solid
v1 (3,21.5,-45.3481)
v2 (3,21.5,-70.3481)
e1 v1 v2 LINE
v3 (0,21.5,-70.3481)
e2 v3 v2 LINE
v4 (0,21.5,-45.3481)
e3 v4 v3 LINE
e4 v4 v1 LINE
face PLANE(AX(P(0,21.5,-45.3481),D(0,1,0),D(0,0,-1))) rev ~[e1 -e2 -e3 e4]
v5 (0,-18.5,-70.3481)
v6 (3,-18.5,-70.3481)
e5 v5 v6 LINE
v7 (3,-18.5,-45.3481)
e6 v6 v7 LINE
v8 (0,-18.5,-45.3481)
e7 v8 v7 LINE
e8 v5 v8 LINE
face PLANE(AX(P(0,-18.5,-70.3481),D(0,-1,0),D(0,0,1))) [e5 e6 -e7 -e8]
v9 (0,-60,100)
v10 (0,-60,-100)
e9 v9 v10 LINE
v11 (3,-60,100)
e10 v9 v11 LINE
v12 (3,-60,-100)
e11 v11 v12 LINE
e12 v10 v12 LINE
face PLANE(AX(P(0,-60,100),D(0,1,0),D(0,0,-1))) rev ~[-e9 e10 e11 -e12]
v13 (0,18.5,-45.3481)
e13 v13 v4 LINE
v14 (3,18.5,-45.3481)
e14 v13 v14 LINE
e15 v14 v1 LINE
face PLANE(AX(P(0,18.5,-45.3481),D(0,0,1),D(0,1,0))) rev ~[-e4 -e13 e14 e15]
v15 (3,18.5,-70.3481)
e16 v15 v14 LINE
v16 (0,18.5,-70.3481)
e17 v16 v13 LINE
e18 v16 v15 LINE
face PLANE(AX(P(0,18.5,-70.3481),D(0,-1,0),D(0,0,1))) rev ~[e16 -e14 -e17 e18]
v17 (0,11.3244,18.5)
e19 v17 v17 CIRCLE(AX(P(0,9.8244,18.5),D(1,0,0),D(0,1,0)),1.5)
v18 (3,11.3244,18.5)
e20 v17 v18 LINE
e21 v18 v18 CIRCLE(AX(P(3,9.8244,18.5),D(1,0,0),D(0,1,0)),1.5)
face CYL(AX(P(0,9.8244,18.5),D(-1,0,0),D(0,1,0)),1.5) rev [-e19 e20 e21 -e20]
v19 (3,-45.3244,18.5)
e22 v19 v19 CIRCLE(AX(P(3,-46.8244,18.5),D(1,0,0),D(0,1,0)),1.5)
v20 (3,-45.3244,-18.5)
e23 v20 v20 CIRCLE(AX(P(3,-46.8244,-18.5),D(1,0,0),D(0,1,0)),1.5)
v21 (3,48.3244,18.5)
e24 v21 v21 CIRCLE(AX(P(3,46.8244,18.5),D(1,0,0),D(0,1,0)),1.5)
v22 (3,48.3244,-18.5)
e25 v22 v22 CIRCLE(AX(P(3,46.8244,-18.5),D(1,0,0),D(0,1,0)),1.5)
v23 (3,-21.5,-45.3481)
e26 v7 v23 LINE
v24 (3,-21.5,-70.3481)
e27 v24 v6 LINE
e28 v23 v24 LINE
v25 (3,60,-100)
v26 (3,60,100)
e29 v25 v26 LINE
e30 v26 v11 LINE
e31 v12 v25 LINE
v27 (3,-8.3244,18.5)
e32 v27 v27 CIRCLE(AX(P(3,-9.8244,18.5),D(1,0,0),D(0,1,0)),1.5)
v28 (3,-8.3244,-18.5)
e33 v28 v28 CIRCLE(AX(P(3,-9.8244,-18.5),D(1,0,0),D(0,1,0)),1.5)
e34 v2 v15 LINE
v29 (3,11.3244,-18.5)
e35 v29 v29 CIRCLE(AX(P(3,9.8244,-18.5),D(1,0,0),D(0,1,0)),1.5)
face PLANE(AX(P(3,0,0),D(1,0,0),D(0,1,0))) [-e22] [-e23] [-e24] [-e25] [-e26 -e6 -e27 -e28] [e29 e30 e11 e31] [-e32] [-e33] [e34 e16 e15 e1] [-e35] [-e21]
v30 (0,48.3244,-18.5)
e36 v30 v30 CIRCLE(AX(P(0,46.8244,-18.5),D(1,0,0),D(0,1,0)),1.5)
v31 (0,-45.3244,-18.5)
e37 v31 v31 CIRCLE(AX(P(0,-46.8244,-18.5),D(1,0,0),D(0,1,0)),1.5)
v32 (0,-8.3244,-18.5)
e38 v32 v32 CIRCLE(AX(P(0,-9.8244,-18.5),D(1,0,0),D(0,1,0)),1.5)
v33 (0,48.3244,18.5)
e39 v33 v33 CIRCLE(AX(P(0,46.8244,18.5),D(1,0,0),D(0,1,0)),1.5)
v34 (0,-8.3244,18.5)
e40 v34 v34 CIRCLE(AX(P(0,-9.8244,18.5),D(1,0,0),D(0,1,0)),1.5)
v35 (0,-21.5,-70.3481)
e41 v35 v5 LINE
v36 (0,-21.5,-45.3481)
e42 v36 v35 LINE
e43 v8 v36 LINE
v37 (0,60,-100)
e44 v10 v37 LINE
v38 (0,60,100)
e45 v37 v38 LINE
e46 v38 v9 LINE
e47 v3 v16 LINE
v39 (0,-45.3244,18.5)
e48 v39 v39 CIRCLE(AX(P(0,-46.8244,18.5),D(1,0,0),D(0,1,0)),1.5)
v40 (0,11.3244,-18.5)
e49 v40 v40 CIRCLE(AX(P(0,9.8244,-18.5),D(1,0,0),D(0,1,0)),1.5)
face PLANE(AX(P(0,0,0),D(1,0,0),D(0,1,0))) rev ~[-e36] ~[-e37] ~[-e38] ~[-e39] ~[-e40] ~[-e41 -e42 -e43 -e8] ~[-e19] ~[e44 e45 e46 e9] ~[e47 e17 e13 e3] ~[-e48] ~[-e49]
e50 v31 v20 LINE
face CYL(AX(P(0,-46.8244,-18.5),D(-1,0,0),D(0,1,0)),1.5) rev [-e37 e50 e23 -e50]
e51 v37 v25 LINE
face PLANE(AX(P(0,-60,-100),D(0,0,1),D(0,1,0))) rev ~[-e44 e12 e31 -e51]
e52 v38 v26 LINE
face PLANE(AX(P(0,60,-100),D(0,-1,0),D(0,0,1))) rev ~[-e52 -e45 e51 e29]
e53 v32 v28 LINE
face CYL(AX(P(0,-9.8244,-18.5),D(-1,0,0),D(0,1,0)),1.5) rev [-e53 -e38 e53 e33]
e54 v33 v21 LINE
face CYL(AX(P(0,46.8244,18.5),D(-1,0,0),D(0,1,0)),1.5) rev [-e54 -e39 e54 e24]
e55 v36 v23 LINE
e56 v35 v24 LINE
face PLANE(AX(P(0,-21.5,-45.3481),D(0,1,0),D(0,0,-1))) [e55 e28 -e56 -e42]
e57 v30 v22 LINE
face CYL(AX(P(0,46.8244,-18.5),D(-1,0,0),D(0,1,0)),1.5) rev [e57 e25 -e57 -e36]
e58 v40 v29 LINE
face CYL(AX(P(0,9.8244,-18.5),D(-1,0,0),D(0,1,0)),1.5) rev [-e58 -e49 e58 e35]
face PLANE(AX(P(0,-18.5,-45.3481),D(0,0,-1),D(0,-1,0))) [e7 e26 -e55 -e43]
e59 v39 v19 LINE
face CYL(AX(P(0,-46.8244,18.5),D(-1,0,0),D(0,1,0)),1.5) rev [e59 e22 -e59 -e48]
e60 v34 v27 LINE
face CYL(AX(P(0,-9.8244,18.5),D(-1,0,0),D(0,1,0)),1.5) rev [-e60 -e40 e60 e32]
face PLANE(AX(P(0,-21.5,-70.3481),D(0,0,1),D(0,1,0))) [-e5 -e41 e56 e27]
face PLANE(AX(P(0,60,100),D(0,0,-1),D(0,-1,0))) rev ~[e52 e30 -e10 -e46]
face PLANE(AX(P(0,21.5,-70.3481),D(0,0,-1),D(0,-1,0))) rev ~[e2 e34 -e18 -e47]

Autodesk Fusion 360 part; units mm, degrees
sketch "Sketch1" plane through (0, 0, 0) normal (1, 0, 0) x (0, 1, 0) in component "Motor driver fitter"
  line L0 (-22.5, -22.5) -> (22.5, -22.5)
  line L1 (-47.5, -12.5) -> (-47.5, 12.5)
  line L2 (-22.5, -12.5) -> (-47.5, -12.5)
  circle A0 centre (-29, 6) radius 1.5
  circle A1 centre (-41, -6) radius 1.5
  line L3 (-47.5, 12.5) -> (-22.5, 12.5)
  line L4 (22.5, 22.5) -> (-22.5, 22.5)
  line L5 (22.5, -22.5) -> (22.5, 22.5)
  circle A2 centre (-18.5, 18.5) radius 1.5
  line L6 (-22.5, 22.5) -> (22.5, -22.5) construction
  line L7 (-22.5, -22.5) -> (22.5, 22.5) construction
  circle A3 centre (18.5, 18.5) radius 1.55
  circle A4 centre (-18.5, -18.5) radius 1.55
  circle A5 centre (18.5, -18.5) radius 1.55
  line L8 (-22.5, 22.5) -> (-22.5, 12.5)
  line L9 (-22.5, -12.5) -> (-22.5, -22.5)
  line L10 (-22.5, 12.5) -> (-47.5, -12.5) construction
  line L11 (-41, -6) -> (-47.5, -12.5) construction
  line L12 (-29, 6) -> (-22.5, 12.5) construction
  dimension "d171" = 45
  dimension "d172" = 45
  dimension "d174" = 3
  dimension "d185" = 3
  dimension "d186" = 3
  dimension "d188" = 25
  dimension "d189" = 25
  dimension "d192" = 18.5
  dimension "d193" = 18.5
  dimension "d225" = 16.9706
sketch "Sketch1 (2)" plane through (0, 0, 0) normal (1, 0, 0) x (0, 1, 0) in component "Chassis frame"
  line L0 (-125, 12.5) -> (-125, -12.5)
  circle A0 centre (-106.461, -5.961) radius 1.5
  line L1 (125, -12.5) -> (125, 12.5)
  line L2 (125, 12.5) -> (-125, 12.5)
  circle A1 centre (-118.4999, 5.9999) radius 1.5
  line L3 (-125, -12.5) -> (125, -12.5)
  line L4 (-125, 12.5) -> (125, -12.5) construction
  line L5 (-125, -12.5) -> (125, 12.5) construction
  line L6 (-22.5, 22.5) -> (22.5, -22.5)
  circle A2 centre (-6, 115) radius 1.55
  circle A3 centre (6, 103) radius 1.55
  line L7 (0, 12.5) -> (0, -12.5) construction
  line L8 (-125, 12.5) -> (-100, -12.5) construction
  line L9 (-125, 12.5) -> (-91.4846, 12.5) construction
  line L10 (-125, 12.5) -> (-118.4999, 5.9999) construction
  line L11 (-106.461, -5.961) -> (-100, -12.5) construction
  circle A4 centre (118.4999, 5.9999) radius 1.5
  circle A5 centre (106.461, -5.961) radius 1.5
  circle A6 centre (-49.7943, -5.961) radius 1.5
  circle A7 centre (-61.8332, 5.9999) radius 1.5
  circle A8 centre (6.8724, -5.961) radius 1.5
  circle A9 centre (-5.1666, 5.9999) radius 1.5
  circle A10 centre (63.539, -5.961) radius 1.5
  circle A11 centre (51.5001, 5.9999) radius 1.5
  point P0 (22, -6.0625)
  dimension "d199" = 250
  dimension "d200" = 25
  dimension "d201" = 3
  dimension "d202" = 3
  dimension "d231" = 45
  dimension "d232" = 16.9706
  dimension "d235" = 170
  dimension "d236" = 0
sketch "Sketch1 (3)" plane through (0, 0, 0) normal (1, 0, 0) x (0, 1, 0) in component "Motor fitter"
  line L0 (-12.5, -45) -> (-12.5, 45)
  line L1 (-12.5, 45) -> (12.5, 45)
  line L2 (12.5, 45) -> (12.5, -45)
  line L3 (12.5, -45) -> (-12.5, -45)
  line L4 (-12.5, -45) -> (12.5, 45) construction
  line L5 (-12.5, 45) -> (12.5, -45) construction
  line L6 (-12.5, 45) -> (12.5, 20) construction
  line L7 (-12.5, 45) -> (24.7988, 45) construction
  circle A0 centre (-6, 38.5) radius 1.5 construction
  circle A1 centre (6, 26.5) radius 1.5 construction
  line L8 (6, 26.5) -> (12.5, 20) construction
  line L9 (-6, 38.5) -> (-12.5, 45) construction
  dimension "d222" = 25
  dimension "d223" = 90
  dimension "d227" = 45
  dimension "d228" = 3
  dimension "d229" = 3
  dimension "d230" = 16.9706
sketch "Sketch1 (4)" plane through (0, 0, 0) normal (1, 0, 0) x (0, 1, 0) in component "Breadboard fitter"
  line L0 (-65, 12.5) -> (-40, 12.5)
  line L1 (-40, 12.5) -> (-40, -12.5)
  line L2 (-40, -12.5) -> (-65, -12.5)
  line L3 (-65, -12.5) -> (-65, 12.5)
  line L4 (40, 25) -> (-40, 25)
  line L5 (-40, 25) -> (-40, -25)
  line L6 (-40, -25) -> (40, -25)
  line L7 (40, -25) -> (40, 25)
  line L8 (40, 25) -> (-40, -25) construction
  line L9 (-40, 25) -> (40, -25) construction
  circle A0 centre (-57.0753, -4.5753) radius 1.5 construction
  circle A1 centre (-47.9247, 4.5753) radius 1.5 construction
  line L10 (-47.9247, 4.5753) -> (-40, 12.5) construction
  line L11 (-57.0753, -4.5753) -> (-65, -12.5) construction
  dimension "d237" = 25
  dimension "d238" = 25
  dimension "d239" = 80
  dimension "d240" = 50
  dimension "d241" = 3
  dimension "d242" = 3
  dimension "d244" = 12.9408
  dimension "d245" = 45
sketch "Sketch1 (5)" plane through (0, 0, 0) normal (1, 0, 0) x (0, 1, 0) in component "Integrated frame"
  circle A0 centre (-46.8244, 18.5) radius 1.5
  circle A1 centre (-9.8244, 18.5) radius 1.5
  circle A2 centre (-46.8244, -18.5) radius 1.5
  circle A3 centre (-9.8244, -18.5) radius 1.5
  line L0 (0, 0) -> (0, 35.4619) construction
  line L1 (60, 100) -> (-60, 100)
  line L2 (-60, 100) -> (-60, -100)
  line L3 (-60, -100) -> (60, -100)
  line L4 (60, -100) -> (60, 100)
  line L5 (60, 100) -> (-60, -100) construction
  line L6 (-60, 100) -> (60, -100) construction
  circle A4 centre (46.8244, 18.5) radius 1.5
  circle A5 centre (46.8244, -18.5) radius 1.5
  circle A6 centre (9.8244, -18.5) radius 1.5
  circle A7 centre (9.8244, 18.5) radius 1.5
  line L7 (-18.5, -45.3481) -> (-21.5, -45.3481)
  line L8 (-21.5, -45.3481) -> (-21.5, -70.3481)
  line L9 (-21.5, -70.3481) -> (-18.5, -70.3481)
  line L10 (-18.5, -70.3481) -> (-18.5, -45.3481)
  line L11 (21.5, -45.3481) -> (21.5, -70.3481)
  line L12 (18.5, -70.3481) -> (18.5, -45.3481)
  line L13 (18.5, -45.3481) -> (21.5, -45.3481)
  line L14 (21.5, -70.3481) -> (18.5, -70.3481)
  point P0 (-28.3244, 0)
  dimension "d246" = 3
  dimension "d248" = 18.5
  dimension "d249" = 18.5
  dimension "d252" = 37
  dimension "d253" = -37
  dimension "d261" = 120
  dimension "d262" = 200
  dimension "d264" = 3
  dimension "d265" = 25
  dimension "d266" = 18.5
extrude "Extrude1" add sketch "Sketch1 (5)" along normal blind 3 in component "Integrated frame"
sketch "Laser cut sketch" plane through (3, 0, 0) normal (1, 0, 0) x (0, 1, 0) in component "Integrated frame"
  circle A0 centre (-9.8244, -18.5) radius 1.5
  circle A1 centre (-46.8244, -18.5) radius 1.5
  circle A2 centre (-46.8244, 18.5) radius 1.5
  circle A3 centre (-9.8244, 18.5) radius 1.5
  circle A4 centre (46.8244, 18.5) radius 1.5
  circle A5 centre (46.8244, -18.5) radius 1.5
  circle A6 centre (9.8244, -18.5) radius 1.5
  circle A7 centre (9.8244, 18.5) radius 1.5
  line L0 (-18.5, -45.3481) -> (-18.5, -70.3481)
  line L1 (-18.5, -70.3481) -> (-21.5, -70.3481)
  line L2 (-21.5, -70.3481) -> (-21.5, -45.3481)
  line L3 (-21.5, -45.3481) -> (-18.5, -45.3481)
  line L4 (21.5, -45.3481) -> (21.5, -70.3481)
  line L5 (21.5, -70.3481) -> (18.5, -70.3481)
  line L6 (18.5, -70.3481) -> (18.5, -45.3481)
  line L7 (18.5, -45.3481) -> (21.5, -45.3481)
  line L8 (60, -100) -> (60, 100)
  line L9 (60, 100) -> (-60, 100)
  line L10 (-60, 100) -> (-60, -100)
  line L11 (-60, -100) -> (60, -100)
extrude "Extrude2" [suppressed]
component "Motor driver fitter" placed x (1, 0, 0) y (0, 1, 0) z (0, 0, 1) at (0, 0, 0)
component "Chassis frame" placed x (1, 0, 0) y (0, 1, 0) z (0, 0, 1) at (0, 0, 0)
component "Motor fitter" placed x (1, 0, 0) y (0, 1, 0) z (0, 0, 1) at (0, 0, 0)
component "Breadboard fitter" placed x (1, 0, 0) y (0, 1, 0) z (0, 0, 1) at (0, 0, 0)
component "Integrated frame" placed x (1, 0, 0) y (0, 1, 0) z (0, 0, 1) at (0, 0, 0)
equation "partLength = 250 mm"
equation "partWidth = 25 mm"
equation "boltHole = 3 mm"
equation "boltFromEdgesClose = 10 mm"
equation "boltGap = 12 mm"
equation "boltFromEdgesFar = 40 mm"
equation "boltGapFromSide = ( partWidth - boltGap ) / 2"
equation "d174 = boltHole"
equation "d185 = boltHole"
equation "d186 = boltHole"
equation "d192 = ( 37 / 2 ) * 1 mm"
equation "d193 = ( 37 / 2 ) * 1 mm"
equation "d199 = partLength"
equation "d200 = partWidth"
equation "d201 = boltHole"
equation "d202 = boltHole"
equation "d222 = partWidth"
equation "d225 = boltGapDiag"
equation "boltGapDiag = boltGap * sqrt(2)"
equation "d228 = boltHole"
equation "d229 = boltHole"
equation "d230 = boltGapDiag"
equation "d232 = boltGapDiag"
equation "d241 = boltHole"
equation "d242 = boltHole"
equation "d246 = boltHole"
equation "d248 = ( 37 / 2 ) * 1 mm"
equation "d249 = ( 37 / 2 ) * 1 mm"
equation "d266 = ( 37 / 2 ) * 1 mm"
